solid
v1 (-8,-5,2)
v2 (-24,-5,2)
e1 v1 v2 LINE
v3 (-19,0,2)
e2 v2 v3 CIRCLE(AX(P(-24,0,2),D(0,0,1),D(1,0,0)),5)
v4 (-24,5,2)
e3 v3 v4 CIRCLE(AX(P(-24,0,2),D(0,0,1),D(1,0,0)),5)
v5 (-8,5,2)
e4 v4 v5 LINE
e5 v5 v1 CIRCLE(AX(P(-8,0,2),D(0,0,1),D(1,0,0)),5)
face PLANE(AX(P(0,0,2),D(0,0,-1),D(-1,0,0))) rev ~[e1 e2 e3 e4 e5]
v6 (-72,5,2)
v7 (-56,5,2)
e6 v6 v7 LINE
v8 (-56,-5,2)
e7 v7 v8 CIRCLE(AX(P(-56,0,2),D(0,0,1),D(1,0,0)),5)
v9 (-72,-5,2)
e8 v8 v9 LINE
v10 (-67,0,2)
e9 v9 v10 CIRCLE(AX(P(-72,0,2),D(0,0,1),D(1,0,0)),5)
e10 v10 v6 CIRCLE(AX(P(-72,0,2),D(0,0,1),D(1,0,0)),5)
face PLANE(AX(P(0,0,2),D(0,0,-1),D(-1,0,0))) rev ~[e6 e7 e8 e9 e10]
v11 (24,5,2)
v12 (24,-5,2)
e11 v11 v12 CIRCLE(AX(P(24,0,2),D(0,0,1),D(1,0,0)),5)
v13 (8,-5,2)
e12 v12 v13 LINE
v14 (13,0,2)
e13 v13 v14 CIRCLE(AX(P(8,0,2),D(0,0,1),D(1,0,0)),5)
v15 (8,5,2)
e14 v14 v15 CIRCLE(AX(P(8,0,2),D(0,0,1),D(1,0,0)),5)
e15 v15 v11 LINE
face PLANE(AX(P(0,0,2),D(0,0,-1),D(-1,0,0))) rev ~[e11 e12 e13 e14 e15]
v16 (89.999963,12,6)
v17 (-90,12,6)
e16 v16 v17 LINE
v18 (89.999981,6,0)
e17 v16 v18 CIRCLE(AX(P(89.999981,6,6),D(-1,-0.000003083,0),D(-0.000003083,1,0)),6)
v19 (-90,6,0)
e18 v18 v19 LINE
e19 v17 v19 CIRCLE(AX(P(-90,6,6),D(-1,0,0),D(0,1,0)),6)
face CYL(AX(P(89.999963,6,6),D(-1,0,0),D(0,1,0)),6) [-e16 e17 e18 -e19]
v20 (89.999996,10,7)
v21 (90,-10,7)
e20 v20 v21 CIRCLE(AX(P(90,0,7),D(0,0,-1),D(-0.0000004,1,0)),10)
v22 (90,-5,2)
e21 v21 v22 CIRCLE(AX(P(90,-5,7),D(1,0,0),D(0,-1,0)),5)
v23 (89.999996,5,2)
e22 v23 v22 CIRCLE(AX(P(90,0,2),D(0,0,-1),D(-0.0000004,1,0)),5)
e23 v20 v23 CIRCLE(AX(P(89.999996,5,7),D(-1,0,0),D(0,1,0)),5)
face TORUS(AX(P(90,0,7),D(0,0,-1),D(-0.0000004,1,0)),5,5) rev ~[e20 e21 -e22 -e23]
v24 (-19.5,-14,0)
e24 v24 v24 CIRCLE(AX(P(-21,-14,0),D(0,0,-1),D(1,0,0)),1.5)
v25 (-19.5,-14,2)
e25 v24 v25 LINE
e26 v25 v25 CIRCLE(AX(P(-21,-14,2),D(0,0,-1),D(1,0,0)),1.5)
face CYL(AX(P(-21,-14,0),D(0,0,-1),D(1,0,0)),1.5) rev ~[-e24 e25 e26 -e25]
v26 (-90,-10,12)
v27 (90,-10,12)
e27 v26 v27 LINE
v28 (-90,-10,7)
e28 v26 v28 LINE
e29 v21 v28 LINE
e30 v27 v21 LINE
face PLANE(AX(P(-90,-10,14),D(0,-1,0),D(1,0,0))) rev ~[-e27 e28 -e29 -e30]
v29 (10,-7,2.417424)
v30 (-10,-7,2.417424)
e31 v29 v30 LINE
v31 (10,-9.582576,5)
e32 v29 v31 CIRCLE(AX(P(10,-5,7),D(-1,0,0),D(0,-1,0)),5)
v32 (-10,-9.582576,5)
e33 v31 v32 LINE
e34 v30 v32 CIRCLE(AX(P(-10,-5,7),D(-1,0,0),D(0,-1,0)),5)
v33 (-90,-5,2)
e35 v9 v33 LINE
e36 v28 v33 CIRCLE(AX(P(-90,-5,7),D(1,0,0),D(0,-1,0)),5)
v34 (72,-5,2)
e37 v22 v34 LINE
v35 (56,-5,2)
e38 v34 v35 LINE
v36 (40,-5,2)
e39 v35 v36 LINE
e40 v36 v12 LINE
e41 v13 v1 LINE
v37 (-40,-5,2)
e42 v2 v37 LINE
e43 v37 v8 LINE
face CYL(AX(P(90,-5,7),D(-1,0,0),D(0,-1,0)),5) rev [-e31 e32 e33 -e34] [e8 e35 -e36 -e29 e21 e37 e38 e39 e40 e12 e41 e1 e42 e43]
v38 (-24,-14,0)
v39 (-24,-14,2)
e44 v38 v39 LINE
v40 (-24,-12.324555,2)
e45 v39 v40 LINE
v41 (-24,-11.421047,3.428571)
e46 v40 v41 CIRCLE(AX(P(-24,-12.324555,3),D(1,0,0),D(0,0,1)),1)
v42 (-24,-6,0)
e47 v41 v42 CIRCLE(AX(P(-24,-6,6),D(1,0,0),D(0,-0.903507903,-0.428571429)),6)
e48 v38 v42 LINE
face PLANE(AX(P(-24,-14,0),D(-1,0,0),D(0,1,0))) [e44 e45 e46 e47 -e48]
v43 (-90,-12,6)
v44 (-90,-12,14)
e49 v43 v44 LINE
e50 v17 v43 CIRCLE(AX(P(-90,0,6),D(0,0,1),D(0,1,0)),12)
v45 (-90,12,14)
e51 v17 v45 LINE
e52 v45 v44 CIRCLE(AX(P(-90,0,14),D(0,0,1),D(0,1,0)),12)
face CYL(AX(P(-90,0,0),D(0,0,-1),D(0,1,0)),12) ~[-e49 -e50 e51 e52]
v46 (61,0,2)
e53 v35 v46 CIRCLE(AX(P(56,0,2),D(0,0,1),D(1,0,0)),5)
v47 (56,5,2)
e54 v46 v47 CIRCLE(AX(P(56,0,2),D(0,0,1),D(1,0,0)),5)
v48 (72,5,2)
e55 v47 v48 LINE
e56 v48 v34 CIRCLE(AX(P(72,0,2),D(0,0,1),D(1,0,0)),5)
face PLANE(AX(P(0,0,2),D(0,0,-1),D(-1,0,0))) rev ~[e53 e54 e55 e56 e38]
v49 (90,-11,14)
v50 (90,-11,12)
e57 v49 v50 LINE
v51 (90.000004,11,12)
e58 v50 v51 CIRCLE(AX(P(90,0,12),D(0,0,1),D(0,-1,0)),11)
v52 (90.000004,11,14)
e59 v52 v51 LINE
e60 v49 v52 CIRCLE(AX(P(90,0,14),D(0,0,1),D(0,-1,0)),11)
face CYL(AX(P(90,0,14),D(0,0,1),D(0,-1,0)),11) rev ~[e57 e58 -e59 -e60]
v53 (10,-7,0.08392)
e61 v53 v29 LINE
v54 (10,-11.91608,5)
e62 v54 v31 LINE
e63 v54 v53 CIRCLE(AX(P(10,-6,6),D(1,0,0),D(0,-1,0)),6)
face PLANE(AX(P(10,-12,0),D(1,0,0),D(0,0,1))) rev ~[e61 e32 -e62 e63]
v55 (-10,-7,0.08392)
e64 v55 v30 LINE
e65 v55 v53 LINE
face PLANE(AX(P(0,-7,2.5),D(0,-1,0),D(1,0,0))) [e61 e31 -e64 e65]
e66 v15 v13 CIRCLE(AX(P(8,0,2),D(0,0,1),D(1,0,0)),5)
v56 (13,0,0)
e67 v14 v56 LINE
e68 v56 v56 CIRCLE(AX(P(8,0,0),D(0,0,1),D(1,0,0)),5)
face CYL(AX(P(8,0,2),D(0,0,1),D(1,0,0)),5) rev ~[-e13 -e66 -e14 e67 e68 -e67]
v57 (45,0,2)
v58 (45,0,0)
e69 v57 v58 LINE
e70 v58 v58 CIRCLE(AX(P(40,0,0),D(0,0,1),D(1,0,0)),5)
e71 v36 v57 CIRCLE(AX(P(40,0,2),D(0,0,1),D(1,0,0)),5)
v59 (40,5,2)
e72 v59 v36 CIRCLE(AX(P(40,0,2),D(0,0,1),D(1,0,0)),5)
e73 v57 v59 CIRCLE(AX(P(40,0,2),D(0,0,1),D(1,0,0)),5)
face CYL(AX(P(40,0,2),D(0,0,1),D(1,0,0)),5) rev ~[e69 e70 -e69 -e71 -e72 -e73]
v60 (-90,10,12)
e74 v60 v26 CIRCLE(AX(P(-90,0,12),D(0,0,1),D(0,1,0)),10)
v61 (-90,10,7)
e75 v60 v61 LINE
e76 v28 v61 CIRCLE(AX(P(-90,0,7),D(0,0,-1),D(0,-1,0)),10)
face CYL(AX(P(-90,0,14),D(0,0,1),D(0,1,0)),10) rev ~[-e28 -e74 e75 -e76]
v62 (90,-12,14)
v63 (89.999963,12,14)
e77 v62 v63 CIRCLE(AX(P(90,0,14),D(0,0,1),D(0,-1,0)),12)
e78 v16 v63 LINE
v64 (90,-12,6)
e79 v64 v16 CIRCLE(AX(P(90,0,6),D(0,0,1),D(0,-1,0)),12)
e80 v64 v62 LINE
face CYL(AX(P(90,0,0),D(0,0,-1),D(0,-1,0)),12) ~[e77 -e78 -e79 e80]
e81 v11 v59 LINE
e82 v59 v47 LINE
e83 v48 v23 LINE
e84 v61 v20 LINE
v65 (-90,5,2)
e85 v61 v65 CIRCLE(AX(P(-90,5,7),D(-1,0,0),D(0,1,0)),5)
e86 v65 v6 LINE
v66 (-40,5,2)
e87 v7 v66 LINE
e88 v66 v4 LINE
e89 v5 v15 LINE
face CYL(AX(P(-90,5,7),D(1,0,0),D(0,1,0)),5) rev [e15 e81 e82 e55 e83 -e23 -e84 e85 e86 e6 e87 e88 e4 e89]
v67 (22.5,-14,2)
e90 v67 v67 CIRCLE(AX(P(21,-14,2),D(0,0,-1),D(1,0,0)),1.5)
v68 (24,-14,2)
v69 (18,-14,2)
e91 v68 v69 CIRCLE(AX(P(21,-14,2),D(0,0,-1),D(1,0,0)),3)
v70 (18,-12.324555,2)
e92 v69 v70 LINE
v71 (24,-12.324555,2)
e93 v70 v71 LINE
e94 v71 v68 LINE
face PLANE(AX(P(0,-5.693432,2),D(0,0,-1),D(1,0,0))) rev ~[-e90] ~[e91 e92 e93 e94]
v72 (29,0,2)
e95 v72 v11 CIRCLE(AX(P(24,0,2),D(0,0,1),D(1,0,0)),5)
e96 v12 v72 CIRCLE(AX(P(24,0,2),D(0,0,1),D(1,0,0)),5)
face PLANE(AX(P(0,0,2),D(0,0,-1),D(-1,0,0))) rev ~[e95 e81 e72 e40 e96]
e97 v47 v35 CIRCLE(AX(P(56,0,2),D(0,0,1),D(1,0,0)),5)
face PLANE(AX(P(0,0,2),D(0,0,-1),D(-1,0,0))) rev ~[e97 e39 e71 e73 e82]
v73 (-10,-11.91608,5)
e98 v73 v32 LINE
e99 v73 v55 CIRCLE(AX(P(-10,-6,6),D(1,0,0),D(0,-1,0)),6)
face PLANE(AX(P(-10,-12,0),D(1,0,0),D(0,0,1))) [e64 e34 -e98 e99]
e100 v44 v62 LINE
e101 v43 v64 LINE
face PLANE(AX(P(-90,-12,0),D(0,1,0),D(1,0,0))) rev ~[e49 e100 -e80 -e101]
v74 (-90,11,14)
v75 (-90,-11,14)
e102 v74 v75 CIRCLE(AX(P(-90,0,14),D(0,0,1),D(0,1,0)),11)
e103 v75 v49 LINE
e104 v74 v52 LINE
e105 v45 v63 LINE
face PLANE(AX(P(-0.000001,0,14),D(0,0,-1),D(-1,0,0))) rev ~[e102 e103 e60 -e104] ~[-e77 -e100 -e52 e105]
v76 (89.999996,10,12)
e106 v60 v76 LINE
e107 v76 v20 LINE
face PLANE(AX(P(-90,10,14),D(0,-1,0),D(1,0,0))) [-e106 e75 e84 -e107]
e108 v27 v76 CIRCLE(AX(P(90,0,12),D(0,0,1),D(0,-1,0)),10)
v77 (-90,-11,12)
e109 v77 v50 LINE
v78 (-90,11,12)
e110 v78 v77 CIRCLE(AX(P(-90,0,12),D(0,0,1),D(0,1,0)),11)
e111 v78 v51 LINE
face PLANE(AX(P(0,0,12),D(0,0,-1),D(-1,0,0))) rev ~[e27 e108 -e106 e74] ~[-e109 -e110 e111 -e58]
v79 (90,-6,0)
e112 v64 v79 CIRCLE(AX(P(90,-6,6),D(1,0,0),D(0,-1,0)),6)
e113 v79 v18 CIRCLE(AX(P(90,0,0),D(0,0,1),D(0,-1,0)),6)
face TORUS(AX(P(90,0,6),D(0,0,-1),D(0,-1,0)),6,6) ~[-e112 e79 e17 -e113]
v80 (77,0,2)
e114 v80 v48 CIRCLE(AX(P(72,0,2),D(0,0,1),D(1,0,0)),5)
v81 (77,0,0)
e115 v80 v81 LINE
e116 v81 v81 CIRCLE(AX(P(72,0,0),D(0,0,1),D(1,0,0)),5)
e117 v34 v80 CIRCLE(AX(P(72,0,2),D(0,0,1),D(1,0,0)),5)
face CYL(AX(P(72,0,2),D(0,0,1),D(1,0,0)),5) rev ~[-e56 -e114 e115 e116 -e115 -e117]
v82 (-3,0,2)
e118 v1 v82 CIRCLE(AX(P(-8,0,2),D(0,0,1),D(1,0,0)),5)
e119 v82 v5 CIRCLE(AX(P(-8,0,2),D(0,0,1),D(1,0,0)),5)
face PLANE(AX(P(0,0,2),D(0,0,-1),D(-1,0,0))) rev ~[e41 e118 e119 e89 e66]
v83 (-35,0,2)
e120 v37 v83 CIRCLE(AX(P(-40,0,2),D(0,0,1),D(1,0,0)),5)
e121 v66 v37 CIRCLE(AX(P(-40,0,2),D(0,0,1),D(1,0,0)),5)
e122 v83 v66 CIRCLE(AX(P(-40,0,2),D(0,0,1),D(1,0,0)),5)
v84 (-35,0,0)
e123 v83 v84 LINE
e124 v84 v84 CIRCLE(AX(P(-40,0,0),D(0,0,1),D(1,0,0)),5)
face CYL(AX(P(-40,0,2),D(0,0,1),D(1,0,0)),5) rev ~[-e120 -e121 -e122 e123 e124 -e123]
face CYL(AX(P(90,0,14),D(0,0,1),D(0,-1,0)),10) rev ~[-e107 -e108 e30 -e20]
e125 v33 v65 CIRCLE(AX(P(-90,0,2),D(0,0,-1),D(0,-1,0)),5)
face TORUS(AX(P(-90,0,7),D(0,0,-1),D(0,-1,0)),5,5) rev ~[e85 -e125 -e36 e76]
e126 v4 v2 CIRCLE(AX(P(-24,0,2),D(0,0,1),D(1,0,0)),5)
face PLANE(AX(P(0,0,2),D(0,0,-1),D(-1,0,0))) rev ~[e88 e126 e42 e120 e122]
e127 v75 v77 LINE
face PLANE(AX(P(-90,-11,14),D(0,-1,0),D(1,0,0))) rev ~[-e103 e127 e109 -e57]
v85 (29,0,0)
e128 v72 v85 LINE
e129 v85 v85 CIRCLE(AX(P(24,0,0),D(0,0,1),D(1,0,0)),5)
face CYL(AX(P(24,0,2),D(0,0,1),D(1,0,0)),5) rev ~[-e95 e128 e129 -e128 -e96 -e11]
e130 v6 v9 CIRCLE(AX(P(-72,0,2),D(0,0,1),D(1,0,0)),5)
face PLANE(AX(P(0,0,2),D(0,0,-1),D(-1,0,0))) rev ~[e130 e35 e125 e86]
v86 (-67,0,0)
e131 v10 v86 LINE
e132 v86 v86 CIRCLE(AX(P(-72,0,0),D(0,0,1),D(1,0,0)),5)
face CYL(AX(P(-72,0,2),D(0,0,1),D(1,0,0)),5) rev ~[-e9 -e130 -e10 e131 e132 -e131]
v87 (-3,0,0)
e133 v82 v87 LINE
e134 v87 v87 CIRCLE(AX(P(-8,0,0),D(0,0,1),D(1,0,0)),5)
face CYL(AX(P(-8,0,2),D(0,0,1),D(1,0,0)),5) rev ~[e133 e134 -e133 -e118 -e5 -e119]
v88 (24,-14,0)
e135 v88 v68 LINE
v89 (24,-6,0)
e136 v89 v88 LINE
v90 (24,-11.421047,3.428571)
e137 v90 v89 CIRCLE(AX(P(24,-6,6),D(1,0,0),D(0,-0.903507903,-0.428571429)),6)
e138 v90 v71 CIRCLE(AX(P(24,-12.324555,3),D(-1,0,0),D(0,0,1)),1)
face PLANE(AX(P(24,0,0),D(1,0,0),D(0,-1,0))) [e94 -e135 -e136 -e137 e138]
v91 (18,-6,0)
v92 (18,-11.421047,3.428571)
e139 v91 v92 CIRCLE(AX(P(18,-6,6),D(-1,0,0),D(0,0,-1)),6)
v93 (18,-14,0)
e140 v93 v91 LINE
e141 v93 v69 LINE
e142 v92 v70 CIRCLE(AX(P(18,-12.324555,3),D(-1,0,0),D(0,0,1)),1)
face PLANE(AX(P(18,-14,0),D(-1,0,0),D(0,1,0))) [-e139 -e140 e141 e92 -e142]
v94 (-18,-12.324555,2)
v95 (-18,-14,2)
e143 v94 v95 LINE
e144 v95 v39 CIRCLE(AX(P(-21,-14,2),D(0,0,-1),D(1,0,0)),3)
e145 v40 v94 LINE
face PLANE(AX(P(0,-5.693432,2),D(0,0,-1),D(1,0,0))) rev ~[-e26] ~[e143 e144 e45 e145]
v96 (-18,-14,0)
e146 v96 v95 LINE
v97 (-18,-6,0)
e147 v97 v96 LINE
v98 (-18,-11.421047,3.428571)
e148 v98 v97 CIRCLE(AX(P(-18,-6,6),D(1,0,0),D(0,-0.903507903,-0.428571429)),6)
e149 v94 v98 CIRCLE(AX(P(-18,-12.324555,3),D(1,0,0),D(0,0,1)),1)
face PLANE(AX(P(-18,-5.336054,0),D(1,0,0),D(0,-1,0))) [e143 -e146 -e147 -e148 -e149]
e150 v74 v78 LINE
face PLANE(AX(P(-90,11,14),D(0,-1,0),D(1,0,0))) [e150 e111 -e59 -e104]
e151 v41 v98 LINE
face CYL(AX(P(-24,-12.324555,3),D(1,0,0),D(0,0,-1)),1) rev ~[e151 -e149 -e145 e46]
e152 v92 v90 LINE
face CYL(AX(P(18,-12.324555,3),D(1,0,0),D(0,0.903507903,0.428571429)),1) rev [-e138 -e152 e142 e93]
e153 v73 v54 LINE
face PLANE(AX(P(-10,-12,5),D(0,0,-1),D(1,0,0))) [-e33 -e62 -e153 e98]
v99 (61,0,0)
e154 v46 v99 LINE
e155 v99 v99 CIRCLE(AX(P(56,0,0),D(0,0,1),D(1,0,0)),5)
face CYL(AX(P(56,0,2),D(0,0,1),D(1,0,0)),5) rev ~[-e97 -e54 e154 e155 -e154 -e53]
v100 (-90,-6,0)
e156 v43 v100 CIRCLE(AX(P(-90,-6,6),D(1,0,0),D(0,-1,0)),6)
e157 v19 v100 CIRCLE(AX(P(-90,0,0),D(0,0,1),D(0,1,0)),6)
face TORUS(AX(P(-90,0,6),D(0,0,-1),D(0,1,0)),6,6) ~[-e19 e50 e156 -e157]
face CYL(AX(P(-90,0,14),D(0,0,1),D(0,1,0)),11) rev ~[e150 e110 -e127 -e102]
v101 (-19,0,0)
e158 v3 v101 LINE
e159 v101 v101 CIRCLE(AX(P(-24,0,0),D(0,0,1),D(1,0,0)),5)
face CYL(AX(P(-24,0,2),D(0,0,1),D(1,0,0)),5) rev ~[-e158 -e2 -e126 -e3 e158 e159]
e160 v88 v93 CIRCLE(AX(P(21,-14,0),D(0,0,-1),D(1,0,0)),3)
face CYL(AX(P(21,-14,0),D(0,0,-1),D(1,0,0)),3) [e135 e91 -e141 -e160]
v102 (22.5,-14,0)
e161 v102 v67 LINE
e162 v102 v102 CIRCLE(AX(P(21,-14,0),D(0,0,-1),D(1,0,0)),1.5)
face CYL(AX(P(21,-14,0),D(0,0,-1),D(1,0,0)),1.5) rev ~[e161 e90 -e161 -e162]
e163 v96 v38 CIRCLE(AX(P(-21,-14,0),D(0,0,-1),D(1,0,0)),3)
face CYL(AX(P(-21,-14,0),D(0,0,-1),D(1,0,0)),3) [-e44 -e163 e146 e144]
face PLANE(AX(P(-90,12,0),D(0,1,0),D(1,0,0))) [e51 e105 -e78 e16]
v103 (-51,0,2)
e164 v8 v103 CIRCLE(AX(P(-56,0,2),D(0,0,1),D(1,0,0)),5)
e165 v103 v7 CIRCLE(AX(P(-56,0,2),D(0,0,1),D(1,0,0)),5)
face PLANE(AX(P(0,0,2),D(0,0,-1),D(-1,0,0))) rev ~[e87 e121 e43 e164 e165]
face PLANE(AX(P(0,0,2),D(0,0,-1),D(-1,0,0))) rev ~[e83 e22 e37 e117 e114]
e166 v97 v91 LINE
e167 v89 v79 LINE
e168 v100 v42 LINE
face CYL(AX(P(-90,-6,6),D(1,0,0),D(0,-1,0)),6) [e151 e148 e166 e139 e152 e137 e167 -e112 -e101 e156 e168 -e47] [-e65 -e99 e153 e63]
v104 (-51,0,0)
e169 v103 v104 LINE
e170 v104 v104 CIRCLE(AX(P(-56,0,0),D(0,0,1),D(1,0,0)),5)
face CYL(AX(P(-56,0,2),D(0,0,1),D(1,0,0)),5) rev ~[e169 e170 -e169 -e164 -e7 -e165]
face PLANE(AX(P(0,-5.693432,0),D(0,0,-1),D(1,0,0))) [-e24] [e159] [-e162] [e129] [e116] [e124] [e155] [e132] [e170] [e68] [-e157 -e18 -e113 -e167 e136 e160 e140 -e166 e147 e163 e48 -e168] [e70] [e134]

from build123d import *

# Parameters (mm, degrees)
PAD_DEPTH       = 14
POCKET_DEPTH    = 12
FILLET_R        = 5
FILLET001_R     = 6
SKETCH002_R     = 1.5
PAD001_DEPTH    = 2
FILLET002_R     = 1
SKETCH003_R     = 5
POCKET001_DEPTH = 2.001
POCKET002_DEPTH = 2
SKETCH005_W     = 20
SKETCH005_H     = 5
POCKET003_DEPTH = 5


with BuildPart() as part:
    # Sketch → Pad (new body)
    with BuildSketch(Plane.XY):
        with BuildLine():
            Line((-90, 12), (89.999963, 12))
            ThreePointArc((90, -12), (102, 1.9e-05), (89.999963, 12))
            Line((-90, -12), (90, -12))
            ThreePointArc((-90, 12), (-102, 0), (-90, -12))
        make_face()
    extrude(amount=PAD_DEPTH)

    # Sketch001 (on Face6 of Pad) → Pocket (cut)
    with BuildSketch(Plane.XY.offset(14)):
        with BuildLine():
            Line((-90, 10), (89.999996, 10))
            ThreePointArc((90, -10), (100, 2e-06), (89.999996, 10))
            Line((-90, -10), (90, -10))
            ThreePointArc((-90, 10), (-100, 0), (-90, -10))
        make_face()
    extrude(amount=-POCKET_DEPTH, mode=Mode.SUBTRACT)

    # Fillet
    fillet_edges = [part.edges().sort_by_distance(p)[0] for p in [
        (-2e-06, 10, 2),
    ]]
    fillet(fillet_edges, radius=FILLET_R)

    # Fillet001
    fillet001_edges = [part.edges().sort_by_distance(p)[0] for p in [
        (0, -12, 0),
    ]]
    fillet(fillet001_edges, radius=FILLET001_R)

    # Sketch002 (on Face9 of Fillet001) → Pad001 (join)
    with BuildSketch(Plane(origin=(0, 0, 0), x_dir=(1, 0, 0), z_dir=(0, 0, -1))):
        with BuildLine():
            Line((-24, 14), (-24, 0))
            Line((-24, 0), (24, 0))
            Line((24, 0), (24, 14))
            ThreePointArc((24, 14), (21, 17), (18, 14))
            Line((18, 14), (18, 5.336054))
            Line((18, 5.336054), (-18, 5.336054))
            Line((-18, 5.336054), (-18, 14))
            ThreePointArc((-18, 14), (-21, 17), (-24, 14))
        make_face()
        with Locations((21, 14)):
            Circle(SKETCH002_R, mode=Mode.SUBTRACT)
        with Locations((-21, 14)):
            Circle(SKETCH002_R, mode=Mode.SUBTRACT)
    extrude(amount=-PAD001_DEPTH)

    # Fillet002
    fillet002_edges = [part.edges().sort_by_distance(p)[0] for p in [
        (21, -10.472136, 2),
        (-21, -10.472136, 2),
    ]]
    fillet(fillet002_edges, radius=FILLET002_R)

    # Sketch003 (on Face35 of Fillet002) → Pocket001 (cut, through all)
    with BuildSketch(Plane.XY.offset(2)):
        with Locations((-72, 0)):
            Circle(SKETCH003_R)
        with Locations((-56, 0)):
            Circle(SKETCH003_R)
        with Locations((-40, 0)):
            Circle(SKETCH003_R)
        with Locations((-24, 0)):
            Circle(SKETCH003_R)
        with Locations((-8, 0)):
            Circle(SKETCH003_R)
        with Locations((8, 0)):
            Circle(SKETCH003_R)
        with Locations((24, 0)):
            Circle(SKETCH003_R)
        with Locations((40, 0)):
            Circle(SKETCH003_R)
        with Locations((56, 0)):
            Circle(SKETCH003_R)
        with Locations((72, 0)):
            Circle(SKETCH003_R)
    extrude(amount=-POCKET001_DEPTH, mode=Mode.SUBTRACT)

    # Sketch004 (on Face33 of Pocket001) → Pocket002 (cut)
    with BuildSketch(Plane.XY.offset(14)):
        with BuildLine():
            Line((-90, 11), (90.000004, 11))
            ThreePointArc((90, -11), (101, -2e-06), (90.000004, 11))
            Line((-90, -11), (90, -11))
            ThreePointArc((-90, 11), (-101, 0), (-90, -11))
        make_face()
    extrude(amount=-POCKET002_DEPTH, mode=Mode.SUBTRACT)

    # Sketch005 (on Face11 of Pocket002) → Pocket003 (cut)
    with BuildSketch(Plane.XZ.offset(12)):
        with Locations((0, 2.5)):
            Rectangle(SKETCH005_W, SKETCH005_H)
    extrude(amount=-POCKET003_DEPTH, mode=Mode.SUBTRACT)


solid = part.part
